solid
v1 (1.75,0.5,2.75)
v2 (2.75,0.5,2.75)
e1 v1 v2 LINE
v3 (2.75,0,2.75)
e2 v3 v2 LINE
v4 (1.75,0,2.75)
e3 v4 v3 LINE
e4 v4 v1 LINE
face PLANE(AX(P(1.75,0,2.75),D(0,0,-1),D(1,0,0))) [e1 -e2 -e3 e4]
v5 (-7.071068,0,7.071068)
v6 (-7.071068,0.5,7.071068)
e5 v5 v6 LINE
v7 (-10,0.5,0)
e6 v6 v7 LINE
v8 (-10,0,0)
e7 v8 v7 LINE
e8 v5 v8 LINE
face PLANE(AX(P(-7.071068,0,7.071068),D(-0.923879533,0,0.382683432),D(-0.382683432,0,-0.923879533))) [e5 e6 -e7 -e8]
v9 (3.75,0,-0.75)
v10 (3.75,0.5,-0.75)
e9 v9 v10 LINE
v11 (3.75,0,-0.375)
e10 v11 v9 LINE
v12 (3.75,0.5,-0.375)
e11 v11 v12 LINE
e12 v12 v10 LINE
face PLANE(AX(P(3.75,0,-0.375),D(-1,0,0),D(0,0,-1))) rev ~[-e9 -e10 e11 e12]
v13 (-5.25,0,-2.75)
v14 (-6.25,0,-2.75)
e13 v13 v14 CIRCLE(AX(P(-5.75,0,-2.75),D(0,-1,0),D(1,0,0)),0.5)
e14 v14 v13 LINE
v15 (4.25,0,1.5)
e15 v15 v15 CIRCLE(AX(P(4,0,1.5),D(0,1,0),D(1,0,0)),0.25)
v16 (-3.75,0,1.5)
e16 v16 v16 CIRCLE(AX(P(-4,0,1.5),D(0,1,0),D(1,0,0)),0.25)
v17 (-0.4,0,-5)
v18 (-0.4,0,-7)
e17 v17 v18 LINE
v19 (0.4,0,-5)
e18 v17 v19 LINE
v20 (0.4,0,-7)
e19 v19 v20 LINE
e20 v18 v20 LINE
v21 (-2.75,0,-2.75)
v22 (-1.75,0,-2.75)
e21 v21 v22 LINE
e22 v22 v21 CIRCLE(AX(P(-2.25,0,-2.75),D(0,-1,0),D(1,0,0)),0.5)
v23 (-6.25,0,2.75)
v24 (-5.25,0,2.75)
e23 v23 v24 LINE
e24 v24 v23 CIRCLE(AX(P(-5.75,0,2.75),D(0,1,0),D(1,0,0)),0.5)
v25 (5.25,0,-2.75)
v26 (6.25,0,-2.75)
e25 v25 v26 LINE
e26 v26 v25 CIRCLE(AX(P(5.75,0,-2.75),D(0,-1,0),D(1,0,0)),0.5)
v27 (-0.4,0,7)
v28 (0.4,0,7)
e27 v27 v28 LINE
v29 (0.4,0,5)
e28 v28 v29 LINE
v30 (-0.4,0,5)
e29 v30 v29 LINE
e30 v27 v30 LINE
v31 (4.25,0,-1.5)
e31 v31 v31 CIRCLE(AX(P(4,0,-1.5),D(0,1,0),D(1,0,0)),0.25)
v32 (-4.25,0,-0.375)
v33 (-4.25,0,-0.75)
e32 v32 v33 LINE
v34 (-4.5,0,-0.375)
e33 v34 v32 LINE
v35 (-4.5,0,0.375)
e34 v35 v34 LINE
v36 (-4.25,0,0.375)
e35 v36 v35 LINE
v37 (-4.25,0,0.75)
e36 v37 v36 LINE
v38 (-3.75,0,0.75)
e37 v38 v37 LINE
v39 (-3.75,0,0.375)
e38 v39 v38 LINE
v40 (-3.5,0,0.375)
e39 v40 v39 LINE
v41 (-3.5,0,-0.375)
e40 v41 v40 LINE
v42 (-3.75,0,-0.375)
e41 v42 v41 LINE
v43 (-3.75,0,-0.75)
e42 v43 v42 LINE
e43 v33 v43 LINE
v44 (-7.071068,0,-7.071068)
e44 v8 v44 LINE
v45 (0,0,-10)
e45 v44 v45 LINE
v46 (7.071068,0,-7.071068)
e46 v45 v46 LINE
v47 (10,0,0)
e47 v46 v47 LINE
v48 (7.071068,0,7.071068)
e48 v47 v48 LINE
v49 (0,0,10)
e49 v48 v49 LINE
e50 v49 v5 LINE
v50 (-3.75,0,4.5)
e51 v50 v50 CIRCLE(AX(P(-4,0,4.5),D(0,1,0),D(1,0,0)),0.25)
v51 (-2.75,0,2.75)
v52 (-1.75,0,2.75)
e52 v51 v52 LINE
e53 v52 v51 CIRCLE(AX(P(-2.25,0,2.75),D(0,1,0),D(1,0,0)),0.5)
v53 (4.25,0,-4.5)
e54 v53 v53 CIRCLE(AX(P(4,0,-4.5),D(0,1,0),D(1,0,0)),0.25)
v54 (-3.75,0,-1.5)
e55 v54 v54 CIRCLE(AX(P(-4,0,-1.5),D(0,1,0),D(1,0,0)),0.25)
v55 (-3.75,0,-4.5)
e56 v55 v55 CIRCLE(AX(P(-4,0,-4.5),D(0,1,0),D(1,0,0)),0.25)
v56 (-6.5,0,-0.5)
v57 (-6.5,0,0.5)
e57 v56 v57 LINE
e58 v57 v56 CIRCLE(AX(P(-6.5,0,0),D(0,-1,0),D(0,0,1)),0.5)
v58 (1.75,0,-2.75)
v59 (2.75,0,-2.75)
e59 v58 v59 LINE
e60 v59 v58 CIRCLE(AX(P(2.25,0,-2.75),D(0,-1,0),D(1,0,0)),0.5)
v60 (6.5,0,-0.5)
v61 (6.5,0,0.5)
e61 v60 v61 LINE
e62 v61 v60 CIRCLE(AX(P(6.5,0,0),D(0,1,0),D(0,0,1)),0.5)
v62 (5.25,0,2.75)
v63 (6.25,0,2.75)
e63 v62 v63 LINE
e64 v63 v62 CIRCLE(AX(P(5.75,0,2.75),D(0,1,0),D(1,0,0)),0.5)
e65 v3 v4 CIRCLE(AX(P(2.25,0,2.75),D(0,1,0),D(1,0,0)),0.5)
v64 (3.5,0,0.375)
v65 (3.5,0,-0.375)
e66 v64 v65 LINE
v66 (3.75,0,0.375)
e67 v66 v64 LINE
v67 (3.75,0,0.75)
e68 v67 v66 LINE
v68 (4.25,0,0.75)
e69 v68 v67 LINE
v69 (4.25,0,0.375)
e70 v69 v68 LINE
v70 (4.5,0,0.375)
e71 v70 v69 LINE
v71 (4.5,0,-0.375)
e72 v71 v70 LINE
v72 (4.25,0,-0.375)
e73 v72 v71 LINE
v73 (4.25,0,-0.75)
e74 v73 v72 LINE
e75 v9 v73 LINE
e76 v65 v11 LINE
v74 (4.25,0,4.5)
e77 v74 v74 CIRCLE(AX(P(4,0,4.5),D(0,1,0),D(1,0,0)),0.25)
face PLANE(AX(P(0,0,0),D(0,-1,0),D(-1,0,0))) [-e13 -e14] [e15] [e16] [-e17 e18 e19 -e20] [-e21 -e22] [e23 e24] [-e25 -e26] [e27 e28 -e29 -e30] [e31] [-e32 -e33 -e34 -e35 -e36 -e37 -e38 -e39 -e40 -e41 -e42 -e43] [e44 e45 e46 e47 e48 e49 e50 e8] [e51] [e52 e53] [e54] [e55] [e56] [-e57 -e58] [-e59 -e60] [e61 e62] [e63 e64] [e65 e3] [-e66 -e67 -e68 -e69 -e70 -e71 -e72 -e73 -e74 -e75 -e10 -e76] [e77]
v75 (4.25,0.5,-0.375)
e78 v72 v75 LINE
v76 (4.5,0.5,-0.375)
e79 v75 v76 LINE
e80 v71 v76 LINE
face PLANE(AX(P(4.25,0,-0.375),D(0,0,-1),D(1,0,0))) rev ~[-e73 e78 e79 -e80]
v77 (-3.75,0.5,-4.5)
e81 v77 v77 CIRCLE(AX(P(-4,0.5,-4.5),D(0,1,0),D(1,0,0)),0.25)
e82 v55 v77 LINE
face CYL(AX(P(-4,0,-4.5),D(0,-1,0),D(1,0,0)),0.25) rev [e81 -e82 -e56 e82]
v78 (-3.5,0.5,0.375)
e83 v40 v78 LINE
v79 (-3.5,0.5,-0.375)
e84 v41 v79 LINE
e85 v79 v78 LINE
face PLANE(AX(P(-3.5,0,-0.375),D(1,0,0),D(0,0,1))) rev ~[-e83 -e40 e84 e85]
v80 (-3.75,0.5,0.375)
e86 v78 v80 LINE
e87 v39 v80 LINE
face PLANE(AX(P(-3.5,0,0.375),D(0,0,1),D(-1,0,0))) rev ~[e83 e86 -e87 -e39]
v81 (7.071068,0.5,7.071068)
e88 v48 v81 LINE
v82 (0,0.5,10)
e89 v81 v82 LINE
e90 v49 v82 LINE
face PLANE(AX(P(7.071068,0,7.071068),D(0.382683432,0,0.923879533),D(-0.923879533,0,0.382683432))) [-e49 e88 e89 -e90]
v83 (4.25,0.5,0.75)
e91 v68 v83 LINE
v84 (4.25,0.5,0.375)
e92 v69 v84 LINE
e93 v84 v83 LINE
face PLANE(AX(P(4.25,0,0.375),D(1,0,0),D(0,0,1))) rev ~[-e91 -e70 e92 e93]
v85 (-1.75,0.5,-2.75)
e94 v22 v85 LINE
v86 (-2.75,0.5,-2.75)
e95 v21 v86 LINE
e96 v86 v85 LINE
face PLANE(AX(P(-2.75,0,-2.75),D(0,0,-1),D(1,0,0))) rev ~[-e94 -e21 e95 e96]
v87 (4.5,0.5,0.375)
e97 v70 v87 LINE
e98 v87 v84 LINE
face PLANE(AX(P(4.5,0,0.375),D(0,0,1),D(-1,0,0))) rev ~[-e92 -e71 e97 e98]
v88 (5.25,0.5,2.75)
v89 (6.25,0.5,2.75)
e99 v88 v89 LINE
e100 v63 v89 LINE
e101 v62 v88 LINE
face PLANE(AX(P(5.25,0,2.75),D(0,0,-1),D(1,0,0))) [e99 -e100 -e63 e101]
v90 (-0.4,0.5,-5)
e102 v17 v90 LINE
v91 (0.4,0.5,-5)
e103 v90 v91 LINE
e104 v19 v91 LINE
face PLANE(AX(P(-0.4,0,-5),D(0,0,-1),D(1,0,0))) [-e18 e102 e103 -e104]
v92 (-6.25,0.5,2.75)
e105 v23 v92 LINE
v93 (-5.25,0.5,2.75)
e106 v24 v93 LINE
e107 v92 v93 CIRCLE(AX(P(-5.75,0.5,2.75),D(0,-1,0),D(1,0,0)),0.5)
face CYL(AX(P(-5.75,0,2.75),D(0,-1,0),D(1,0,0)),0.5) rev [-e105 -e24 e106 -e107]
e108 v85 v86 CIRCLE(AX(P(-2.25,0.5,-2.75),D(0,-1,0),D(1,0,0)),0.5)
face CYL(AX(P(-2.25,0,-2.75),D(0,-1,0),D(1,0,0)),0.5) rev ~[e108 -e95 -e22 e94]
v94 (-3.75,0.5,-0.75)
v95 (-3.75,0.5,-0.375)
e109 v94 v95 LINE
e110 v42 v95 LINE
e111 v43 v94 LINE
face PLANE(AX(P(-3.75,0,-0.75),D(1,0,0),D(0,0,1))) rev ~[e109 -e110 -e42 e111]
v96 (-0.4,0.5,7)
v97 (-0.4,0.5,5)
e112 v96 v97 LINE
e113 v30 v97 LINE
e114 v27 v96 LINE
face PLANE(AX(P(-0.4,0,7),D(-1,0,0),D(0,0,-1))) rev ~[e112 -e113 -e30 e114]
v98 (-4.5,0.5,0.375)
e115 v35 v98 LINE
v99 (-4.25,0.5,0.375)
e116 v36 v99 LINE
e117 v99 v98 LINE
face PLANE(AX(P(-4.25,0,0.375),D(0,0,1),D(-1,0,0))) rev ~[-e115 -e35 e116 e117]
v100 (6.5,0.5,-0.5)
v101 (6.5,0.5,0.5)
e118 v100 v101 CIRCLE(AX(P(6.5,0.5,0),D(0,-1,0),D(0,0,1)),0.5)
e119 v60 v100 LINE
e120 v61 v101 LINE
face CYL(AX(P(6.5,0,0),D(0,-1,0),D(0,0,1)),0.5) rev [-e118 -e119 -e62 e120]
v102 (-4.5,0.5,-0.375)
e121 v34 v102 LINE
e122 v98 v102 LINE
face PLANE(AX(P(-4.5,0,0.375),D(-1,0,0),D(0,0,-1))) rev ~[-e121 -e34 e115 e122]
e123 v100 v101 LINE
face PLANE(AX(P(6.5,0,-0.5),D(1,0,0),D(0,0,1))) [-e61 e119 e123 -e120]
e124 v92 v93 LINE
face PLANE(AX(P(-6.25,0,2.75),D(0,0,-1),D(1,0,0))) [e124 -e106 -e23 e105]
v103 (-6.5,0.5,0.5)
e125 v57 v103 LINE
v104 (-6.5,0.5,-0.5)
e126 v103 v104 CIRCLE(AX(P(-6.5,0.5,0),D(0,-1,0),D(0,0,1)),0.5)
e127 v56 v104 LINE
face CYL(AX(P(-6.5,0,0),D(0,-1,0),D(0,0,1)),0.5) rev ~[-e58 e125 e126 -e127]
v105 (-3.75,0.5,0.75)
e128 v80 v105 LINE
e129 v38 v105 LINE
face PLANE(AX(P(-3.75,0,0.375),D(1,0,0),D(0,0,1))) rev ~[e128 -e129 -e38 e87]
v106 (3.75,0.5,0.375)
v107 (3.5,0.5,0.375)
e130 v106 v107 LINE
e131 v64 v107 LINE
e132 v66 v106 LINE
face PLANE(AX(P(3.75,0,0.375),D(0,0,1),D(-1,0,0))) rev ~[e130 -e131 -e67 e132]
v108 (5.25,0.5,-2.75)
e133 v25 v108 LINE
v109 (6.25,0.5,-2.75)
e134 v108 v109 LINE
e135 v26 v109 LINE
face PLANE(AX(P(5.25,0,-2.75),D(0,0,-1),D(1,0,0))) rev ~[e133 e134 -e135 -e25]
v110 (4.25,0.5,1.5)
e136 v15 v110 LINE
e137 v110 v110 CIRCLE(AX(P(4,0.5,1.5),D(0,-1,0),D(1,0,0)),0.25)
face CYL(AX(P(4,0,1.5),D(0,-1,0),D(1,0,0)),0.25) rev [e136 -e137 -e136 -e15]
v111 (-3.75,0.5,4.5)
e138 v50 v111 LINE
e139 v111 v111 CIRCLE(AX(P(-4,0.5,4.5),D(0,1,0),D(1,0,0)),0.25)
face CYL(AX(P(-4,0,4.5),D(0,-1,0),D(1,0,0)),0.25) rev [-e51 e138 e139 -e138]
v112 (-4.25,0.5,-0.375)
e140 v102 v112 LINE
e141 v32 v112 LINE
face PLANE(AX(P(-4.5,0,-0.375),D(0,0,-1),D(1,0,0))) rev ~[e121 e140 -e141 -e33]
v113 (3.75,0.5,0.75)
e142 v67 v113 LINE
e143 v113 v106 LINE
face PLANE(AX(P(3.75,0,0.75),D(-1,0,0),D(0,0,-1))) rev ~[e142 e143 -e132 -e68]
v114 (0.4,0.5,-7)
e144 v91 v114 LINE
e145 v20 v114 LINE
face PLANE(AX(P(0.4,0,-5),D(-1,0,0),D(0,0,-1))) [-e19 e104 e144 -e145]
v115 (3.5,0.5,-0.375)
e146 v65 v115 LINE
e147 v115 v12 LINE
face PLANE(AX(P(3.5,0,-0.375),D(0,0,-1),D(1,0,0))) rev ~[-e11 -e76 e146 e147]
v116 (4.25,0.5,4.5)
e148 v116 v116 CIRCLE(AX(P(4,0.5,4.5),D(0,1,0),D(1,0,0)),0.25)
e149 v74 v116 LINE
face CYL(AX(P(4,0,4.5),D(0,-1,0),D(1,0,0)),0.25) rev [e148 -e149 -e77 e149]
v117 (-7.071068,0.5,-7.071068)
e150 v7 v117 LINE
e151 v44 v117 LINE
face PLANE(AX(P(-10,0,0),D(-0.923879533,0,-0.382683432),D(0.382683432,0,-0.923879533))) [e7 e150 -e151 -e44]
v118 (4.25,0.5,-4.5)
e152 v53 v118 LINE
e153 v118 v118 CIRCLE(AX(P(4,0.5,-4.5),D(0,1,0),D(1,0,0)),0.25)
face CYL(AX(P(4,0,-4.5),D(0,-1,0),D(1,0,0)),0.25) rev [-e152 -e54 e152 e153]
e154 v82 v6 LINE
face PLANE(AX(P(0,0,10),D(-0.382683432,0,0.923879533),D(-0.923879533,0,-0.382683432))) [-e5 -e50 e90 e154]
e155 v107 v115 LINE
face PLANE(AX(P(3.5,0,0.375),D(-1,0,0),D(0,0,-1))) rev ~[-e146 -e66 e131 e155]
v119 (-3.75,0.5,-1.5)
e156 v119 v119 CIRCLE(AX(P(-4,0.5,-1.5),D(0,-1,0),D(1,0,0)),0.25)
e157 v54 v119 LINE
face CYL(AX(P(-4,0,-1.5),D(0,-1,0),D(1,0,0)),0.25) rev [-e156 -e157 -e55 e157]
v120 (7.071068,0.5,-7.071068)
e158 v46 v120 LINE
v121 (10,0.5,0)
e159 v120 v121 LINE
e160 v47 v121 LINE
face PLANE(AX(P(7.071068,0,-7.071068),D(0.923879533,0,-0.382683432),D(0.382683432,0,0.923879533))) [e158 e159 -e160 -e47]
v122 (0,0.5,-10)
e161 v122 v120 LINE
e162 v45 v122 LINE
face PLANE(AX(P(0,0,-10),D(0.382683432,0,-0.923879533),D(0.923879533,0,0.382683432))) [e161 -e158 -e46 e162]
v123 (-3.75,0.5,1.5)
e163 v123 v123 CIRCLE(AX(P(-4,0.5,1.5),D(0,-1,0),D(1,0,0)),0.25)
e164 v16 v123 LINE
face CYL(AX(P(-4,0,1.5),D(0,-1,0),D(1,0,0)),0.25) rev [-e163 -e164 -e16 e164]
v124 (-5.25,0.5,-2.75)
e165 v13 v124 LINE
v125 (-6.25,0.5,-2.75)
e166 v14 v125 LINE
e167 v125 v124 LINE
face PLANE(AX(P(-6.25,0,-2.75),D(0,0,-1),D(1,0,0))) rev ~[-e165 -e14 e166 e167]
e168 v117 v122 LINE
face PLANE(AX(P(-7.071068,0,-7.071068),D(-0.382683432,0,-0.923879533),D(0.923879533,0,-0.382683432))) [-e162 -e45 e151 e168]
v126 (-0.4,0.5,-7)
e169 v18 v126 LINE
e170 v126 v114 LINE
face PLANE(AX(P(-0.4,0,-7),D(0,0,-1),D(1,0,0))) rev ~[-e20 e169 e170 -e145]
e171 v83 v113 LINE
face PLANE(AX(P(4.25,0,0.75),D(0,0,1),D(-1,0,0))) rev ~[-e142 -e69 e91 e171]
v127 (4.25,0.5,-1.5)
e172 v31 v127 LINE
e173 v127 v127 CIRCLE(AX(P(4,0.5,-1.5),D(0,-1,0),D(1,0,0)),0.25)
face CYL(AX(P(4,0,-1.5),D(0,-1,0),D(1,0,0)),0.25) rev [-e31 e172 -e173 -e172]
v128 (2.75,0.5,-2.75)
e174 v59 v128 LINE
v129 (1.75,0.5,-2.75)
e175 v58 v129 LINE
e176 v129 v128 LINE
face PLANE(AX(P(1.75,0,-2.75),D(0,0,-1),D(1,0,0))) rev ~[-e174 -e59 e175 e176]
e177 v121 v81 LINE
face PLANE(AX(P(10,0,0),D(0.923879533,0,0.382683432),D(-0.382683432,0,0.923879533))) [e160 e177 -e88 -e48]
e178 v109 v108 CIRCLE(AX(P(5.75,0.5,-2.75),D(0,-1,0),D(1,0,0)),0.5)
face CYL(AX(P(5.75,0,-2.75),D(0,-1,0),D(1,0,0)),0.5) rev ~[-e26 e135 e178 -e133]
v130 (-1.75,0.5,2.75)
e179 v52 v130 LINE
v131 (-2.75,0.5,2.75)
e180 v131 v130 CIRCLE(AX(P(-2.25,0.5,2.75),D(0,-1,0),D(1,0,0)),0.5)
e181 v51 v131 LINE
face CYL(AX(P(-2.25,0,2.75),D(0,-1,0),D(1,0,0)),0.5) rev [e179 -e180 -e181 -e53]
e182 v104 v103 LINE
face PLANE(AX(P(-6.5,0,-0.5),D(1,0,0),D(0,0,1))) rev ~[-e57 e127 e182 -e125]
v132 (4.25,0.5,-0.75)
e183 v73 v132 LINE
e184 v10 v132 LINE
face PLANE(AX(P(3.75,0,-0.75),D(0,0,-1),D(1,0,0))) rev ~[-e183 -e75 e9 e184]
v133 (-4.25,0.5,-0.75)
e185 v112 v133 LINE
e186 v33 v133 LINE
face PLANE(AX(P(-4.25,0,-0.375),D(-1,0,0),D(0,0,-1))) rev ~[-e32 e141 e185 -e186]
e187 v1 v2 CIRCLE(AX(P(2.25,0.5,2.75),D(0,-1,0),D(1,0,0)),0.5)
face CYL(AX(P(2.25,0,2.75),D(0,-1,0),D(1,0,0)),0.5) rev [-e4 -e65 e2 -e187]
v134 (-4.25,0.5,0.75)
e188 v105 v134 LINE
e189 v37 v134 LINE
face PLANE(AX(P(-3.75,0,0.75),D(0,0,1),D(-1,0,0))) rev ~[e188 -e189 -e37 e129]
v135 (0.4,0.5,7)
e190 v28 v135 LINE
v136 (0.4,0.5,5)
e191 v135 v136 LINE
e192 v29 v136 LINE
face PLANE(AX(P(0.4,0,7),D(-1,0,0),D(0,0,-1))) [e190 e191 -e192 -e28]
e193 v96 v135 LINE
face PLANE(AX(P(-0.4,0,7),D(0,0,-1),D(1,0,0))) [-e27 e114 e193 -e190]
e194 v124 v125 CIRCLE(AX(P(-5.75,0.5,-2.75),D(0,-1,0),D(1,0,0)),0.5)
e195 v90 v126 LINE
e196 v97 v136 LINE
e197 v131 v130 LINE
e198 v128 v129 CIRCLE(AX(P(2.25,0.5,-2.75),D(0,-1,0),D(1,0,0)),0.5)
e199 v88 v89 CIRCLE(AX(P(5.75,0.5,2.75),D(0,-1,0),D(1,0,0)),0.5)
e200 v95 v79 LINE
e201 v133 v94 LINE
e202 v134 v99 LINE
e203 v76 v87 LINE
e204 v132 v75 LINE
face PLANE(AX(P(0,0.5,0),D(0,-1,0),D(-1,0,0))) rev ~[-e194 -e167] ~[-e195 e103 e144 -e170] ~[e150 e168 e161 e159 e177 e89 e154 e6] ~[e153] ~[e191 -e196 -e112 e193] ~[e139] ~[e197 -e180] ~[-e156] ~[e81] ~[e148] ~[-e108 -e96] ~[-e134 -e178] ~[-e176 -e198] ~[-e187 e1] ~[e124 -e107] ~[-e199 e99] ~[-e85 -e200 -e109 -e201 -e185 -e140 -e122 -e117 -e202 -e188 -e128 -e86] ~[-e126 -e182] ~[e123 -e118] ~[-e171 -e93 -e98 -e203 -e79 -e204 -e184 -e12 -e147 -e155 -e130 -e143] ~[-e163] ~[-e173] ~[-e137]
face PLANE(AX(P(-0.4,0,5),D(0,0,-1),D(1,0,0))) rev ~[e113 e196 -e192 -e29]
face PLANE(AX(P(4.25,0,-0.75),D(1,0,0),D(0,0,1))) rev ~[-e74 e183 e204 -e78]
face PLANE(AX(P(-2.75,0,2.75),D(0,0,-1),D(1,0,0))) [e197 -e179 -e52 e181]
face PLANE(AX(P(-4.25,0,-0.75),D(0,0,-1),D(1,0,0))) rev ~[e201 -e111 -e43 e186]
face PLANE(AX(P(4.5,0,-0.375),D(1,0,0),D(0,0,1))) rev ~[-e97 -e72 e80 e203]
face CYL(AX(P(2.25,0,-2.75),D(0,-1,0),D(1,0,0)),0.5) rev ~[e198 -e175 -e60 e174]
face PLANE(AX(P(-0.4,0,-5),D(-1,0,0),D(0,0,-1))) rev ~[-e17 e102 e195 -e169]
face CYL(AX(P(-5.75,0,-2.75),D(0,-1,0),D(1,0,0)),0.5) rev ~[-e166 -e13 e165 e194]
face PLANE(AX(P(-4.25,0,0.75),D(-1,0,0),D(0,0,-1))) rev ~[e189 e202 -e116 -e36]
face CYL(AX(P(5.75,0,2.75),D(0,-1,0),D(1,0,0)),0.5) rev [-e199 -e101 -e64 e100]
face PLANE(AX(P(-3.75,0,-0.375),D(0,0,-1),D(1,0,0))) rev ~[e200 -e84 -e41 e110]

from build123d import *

# Parameters (mm, degrees)
SKETCH1_R      = 0.25
SKETCH1_W      = 0.8
SKETCH1_H      = 2
EXTRUDE1_DEPTH = 0.5
SKETCH2_R      = 0.25
EXTRUDE2_DEPTH = 1.5


with BuildPart() as part:
    # Sketch1 → Extrude1 (new body)
    with BuildSketch(Plane(origin=(0, 0, 0), x_dir=(1, 0, 0), z_dir=(0, 1, 0))):
        Polygon((-7.071067812, 7.071067812), (0, 10), (7.071067812, 7.071067812), (10, 0), (7.071067812, -7.071067812), (0, -10), (-7.071067812, -7.071067812), (-10, 0), align=None)
        with Locations((-4, 4.5)):
            Circle(SKETCH1_R, mode=Mode.SUBTRACT)
        with Locations((4, 4.5)):
            Circle(SKETCH1_R, mode=Mode.SUBTRACT)
        with Locations((4, -4.5)):
            Circle(SKETCH1_R, mode=Mode.SUBTRACT)
        with Locations((-4, -4.5)):
            Circle(SKETCH1_R, mode=Mode.SUBTRACT)
        with Locations((0, 6)):
            Rectangle(SKETCH1_W, SKETCH1_H, mode=Mode.SUBTRACT)
        with Locations((0, -6)):
            Rectangle(SKETCH1_W, SKETCH1_H, mode=Mode.SUBTRACT)
    extrude(amount=EXTRUDE1_DEPTH)

    # Sketch2 → Extrude2 (cut, through all)
    with BuildSketch(Plane(origin=(0, 0, 0), x_dir=(1, 0, 0), z_dir=(0, 1, 0))):
        with Locations((4, 1.5)):
            Circle(SKETCH2_R)
        with Locations((4, -1.5)):
            Circle(SKETCH2_R)
        with Locations((-4, 1.5)):
            Circle(SKETCH2_R)
        with Locations((-4, -1.5)):
            Circle(SKETCH2_R)
        Polygon((3.75, 0.75), (4.25, 0.75), (4.25, 0.375), (4.5, 0.375), (4.5, -0.375), (4.25, -0.375), (4.25, -0.75), (3.75, -0.75), (3.75, -0.375), (3.5, -0.375), (3.5, 0.375), (3.75, 0.375), align=None)
        Polygon((-3.5, 0.375), (-3.5, -0.375), (-3.75, -0.375), (-3.75, -0.75), (-4.25, -0.75), (-4.25, -0.375), (-4.5, -0.375), (-4.5, 0.375), (-4.25, 0.375), (-4.25, 0.75), (-3.75, 0.75), (-3.75, 0.375), align=None)
        with BuildLine():
            Line((-6.5, 0.5), (-6.5, -0.5))
            ThreePointArc((-6.5, -0.5), (-7, 0), (-6.5, 0.5))
        make_face()
        with BuildLine():
            Line((6.5, 0.5), (6.5, -0.5))
            ThreePointArc((6.5, -0.5), (7, 0), (6.5, 0.5))
        make_face()
        with BuildLine():
            Line((-6.25, 2.75), (-5.25, 2.75))
            ThreePointArc((-5.25, 2.75), (-5.75, 2.25), (-6.25, 2.75))
        make_face()
        with BuildLine():
            Line((-2.75, 2.75), (-1.75, 2.75))
            ThreePointArc((-1.75, 2.75), (-2.25, 2.25), (-2.75, 2.75))
        make_face()
        with BuildLine():
            Line((1.75, 2.75), (2.75, 2.75))
            ThreePointArc((2.75, 2.75), (2.25, 2.25), (1.75, 2.75))
        make_face()
        with BuildLine():
            Line((5.25, 2.75), (6.25, 2.75))
            ThreePointArc((6.25, 2.75), (5.75, 2.25), (5.25, 2.75))
        make_face()
        with BuildLine():
            Line((-6.25, -2.75), (-5.25, -2.75))
            ThreePointArc((-5.25, -2.75), (-5.75, -2.25), (-6.25, -2.75))
        make_face()
        with BuildLine():
            Line((-2.75, -2.75), (-1.75, -2.75))
            ThreePointArc((-1.75, -2.75), (-2.25, -2.25), (-2.75, -2.75))
        make_face()
        with BuildLine():
            Line((1.75, -2.75), (2.75, -2.75))
            ThreePointArc((2.75, -2.75), (2.25, -2.25), (1.75, -2.75))
        make_face()
        with BuildLine():
            Line((5.25, -2.75), (6.25, -2.75))
            ThreePointArc((6.25, -2.75), (5.75, -2.25), (5.25, -2.75))
        make_face()
    extrude(amount=EXTRUDE2_DEPTH, mode=Mode.SUBTRACT)


solid = part.part
